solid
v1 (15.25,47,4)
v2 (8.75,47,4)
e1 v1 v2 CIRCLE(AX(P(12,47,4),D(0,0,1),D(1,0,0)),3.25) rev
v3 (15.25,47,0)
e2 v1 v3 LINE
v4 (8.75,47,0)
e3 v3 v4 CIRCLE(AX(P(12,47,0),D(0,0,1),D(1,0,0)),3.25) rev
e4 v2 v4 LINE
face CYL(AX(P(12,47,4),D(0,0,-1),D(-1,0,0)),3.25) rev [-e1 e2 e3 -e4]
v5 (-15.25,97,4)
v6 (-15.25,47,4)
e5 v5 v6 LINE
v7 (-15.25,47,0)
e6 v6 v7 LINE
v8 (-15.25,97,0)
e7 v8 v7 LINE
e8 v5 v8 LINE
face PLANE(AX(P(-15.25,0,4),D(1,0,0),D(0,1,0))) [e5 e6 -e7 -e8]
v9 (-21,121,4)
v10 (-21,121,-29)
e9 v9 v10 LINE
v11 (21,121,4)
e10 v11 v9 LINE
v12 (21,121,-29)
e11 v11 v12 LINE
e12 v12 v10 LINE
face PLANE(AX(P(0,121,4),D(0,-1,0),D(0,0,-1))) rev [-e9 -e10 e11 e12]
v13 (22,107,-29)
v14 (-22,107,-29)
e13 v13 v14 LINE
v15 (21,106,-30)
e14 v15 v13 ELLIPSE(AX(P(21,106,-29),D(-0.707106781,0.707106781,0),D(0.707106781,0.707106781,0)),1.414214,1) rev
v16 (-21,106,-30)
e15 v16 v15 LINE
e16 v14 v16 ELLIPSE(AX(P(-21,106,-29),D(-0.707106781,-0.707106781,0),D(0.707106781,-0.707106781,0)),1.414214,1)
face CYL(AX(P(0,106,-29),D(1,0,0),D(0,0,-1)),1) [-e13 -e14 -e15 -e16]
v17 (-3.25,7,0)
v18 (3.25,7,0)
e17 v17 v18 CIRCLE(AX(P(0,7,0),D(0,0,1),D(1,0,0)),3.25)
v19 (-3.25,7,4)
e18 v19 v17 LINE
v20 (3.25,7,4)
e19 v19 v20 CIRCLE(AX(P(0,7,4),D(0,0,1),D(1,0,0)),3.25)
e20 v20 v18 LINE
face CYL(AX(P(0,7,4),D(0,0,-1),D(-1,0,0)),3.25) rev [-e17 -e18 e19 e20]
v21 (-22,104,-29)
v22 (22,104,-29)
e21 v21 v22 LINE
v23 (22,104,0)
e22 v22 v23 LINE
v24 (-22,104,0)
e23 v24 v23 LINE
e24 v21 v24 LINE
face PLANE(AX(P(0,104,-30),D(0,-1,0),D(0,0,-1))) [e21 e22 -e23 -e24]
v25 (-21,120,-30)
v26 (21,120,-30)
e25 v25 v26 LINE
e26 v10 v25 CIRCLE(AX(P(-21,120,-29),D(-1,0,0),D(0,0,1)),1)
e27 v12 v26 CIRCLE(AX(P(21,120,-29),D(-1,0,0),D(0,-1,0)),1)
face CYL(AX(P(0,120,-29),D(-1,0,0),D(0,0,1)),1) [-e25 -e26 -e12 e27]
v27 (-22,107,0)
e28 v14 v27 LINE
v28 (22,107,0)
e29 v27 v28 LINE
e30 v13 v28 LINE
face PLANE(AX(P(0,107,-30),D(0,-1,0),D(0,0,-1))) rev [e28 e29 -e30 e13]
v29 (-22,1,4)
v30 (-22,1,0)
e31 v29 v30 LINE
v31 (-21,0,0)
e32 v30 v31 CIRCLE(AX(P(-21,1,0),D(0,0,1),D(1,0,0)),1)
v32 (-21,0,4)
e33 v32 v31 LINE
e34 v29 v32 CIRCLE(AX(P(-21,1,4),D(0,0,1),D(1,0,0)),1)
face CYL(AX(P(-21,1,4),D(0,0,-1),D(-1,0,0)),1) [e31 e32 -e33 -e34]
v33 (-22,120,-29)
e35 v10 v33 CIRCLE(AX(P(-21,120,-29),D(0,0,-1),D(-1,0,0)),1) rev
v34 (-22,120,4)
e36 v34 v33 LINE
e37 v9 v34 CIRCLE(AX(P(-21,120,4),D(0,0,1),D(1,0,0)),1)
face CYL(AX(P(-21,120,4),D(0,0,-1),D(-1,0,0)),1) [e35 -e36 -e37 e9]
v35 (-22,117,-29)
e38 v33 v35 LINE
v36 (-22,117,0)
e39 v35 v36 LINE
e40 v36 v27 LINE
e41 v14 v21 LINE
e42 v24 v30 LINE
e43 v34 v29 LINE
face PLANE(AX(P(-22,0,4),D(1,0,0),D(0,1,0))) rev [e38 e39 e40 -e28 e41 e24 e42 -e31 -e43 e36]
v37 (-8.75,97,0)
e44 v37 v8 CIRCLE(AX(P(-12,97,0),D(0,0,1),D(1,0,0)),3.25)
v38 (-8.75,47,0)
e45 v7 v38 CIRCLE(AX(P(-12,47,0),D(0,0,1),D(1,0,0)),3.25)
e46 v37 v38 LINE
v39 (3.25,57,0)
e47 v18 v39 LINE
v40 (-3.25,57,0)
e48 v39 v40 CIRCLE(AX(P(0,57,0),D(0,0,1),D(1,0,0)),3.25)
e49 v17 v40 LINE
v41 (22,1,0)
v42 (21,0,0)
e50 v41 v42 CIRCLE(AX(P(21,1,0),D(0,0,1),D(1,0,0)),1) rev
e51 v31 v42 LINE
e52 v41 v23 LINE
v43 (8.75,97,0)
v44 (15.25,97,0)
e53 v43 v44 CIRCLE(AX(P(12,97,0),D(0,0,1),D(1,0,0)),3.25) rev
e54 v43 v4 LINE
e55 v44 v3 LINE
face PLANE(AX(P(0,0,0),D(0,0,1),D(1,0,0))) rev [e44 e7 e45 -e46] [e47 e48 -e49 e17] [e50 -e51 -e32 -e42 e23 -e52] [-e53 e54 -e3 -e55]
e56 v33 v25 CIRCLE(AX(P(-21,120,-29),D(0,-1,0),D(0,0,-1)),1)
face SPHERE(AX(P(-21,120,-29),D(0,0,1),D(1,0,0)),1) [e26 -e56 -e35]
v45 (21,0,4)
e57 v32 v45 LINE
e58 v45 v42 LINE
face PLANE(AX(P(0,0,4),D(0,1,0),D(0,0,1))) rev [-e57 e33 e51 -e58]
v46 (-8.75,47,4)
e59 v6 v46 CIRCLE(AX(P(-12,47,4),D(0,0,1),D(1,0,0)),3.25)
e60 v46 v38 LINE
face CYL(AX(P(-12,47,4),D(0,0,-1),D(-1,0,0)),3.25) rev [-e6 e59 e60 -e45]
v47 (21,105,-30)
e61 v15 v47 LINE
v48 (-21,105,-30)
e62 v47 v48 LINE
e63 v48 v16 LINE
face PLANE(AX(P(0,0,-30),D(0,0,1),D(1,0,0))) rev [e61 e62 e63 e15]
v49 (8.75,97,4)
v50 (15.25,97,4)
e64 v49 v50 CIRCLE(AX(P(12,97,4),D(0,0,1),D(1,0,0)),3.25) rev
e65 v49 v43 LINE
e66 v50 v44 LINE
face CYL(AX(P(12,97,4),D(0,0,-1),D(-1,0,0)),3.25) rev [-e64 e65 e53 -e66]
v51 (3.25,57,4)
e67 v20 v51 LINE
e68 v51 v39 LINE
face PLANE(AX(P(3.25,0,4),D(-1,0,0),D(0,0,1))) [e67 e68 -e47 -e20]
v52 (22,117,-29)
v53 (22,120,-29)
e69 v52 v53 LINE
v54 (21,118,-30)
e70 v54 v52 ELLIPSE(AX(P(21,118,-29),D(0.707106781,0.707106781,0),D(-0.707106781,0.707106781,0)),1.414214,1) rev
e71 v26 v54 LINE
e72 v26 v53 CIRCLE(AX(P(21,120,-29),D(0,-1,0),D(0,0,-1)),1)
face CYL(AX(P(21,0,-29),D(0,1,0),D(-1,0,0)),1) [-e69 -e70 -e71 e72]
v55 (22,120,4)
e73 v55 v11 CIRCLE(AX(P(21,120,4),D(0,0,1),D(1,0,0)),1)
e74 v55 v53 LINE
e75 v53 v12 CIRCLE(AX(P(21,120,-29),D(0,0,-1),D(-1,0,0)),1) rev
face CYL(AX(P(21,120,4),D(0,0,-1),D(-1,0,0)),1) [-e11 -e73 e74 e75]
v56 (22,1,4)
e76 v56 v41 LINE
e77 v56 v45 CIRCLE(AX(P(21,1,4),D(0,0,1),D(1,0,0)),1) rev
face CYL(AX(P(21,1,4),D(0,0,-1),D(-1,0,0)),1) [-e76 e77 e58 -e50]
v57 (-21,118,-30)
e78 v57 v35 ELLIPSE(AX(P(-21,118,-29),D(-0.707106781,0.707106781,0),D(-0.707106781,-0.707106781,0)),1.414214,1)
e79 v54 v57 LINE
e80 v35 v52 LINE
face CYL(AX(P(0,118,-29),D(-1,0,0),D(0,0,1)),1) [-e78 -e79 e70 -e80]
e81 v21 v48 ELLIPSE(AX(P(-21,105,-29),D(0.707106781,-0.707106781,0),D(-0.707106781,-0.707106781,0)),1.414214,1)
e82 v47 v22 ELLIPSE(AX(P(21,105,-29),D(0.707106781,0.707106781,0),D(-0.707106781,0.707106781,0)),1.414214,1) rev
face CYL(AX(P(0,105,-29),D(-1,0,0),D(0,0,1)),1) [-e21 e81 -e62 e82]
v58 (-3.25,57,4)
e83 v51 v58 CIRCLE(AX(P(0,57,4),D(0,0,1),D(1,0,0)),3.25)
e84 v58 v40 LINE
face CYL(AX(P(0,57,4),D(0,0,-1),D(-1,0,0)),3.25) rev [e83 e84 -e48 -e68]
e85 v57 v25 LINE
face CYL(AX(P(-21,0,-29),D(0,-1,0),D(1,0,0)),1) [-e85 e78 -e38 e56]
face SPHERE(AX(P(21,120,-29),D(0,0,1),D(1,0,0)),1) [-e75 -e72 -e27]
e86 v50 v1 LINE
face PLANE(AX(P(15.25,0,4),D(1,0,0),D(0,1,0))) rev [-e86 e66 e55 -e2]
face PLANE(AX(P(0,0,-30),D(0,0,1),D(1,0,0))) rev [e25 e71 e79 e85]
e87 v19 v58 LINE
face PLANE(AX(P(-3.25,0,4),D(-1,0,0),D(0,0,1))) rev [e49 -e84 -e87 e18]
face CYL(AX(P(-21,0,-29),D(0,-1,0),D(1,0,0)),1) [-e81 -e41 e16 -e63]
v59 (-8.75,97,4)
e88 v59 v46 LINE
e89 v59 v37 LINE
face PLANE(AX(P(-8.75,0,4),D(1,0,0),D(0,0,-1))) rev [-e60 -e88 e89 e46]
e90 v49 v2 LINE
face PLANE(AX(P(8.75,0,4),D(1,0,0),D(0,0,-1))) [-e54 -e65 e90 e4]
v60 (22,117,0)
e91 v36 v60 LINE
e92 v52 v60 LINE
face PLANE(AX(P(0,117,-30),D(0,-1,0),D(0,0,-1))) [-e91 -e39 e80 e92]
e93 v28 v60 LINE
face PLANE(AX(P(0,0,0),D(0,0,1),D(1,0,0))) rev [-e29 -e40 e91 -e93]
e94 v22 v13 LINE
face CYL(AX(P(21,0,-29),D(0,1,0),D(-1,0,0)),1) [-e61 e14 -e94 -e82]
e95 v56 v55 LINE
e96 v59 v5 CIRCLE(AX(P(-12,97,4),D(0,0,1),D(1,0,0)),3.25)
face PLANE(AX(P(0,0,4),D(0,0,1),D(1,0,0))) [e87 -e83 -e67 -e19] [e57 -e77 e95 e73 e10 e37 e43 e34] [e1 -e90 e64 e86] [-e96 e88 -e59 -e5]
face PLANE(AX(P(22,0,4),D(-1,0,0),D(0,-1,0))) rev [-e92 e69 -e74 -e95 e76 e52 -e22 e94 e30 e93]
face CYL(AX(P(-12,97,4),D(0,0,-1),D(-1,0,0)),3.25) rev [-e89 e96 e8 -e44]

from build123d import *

# Parameters (mm, degrees)
EXTRUDE_1_DEPTH = 4
EXTRUDE_START   = -30
SKETCH_1_3_W    = 44
SKETCH_1_3_H    = 3
EXTRUDE_2_DEPTH = 30
FILLET_1_R      = 1


with BuildPart() as part:
    # 草图1 → 凸台-拉伸1 (new body)
    with BuildSketch(Plane.XY):
        with BuildLine():
            ThreePointArc((-22, 1), (-21.707106781, 0.292893219), (-21, 0))
            Line((-21, 0), (21, 0))
            ThreePointArc((21, 0), (21.707106781, 0.292893219), (22, 1))
            Line((22, 1), (22, 120))
            ThreePointArc((22, 120), (21.707106781, 120.707106781), (21, 121))
            Line((21, 121), (-21, 121))
            ThreePointArc((-21, 121), (-21.707106781, 120.707106781), (-22, 120))
            Line((-22, 120), (-22, 1))
        make_face()
        with BuildLine():
            ThreePointArc((3.25, 7), (0, 3.75), (-3.25, 7))
            Line((-3.25, 7), (-3.25, 57))
            ThreePointArc((-3.25, 57), (0, 60.25), (3.25, 57))
            Line((3.25, 57), (3.25, 7))
        make_face(mode=Mode.SUBTRACT)
        with BuildLine():
            ThreePointArc((-15.25, 97), (-12, 100.25), (-8.75, 97))
            Line((-8.75, 97), (-8.75, 47))
            ThreePointArc((-8.75, 47), (-12, 43.75), (-15.25, 47))
            Line((-15.25, 47), (-15.25, 97))
        make_face(mode=Mode.SUBTRACT)
        with BuildLine():
            Line((8.75, 47), (8.75, 97))
            ThreePointArc((8.75, 97), (12, 100.25), (15.25, 97))
            Line((15.25, 97), (15.25, 47))
            ThreePointArc((15.25, 47), (12, 43.75), (8.75, 47))
        make_face(mode=Mode.SUBTRACT)
    extrude(amount=EXTRUDE_1_DEPTH)

    # 草图1<3> → 凸台-拉伸2 (add)
    with BuildSketch(Plane.XY.offset(EXTRUDE_START)):
        with Locations((0, 105.5)):
            Rectangle(SKETCH_1_3_W, SKETCH_1_3_H)
        with BuildLine():
            Line((-22, 120), (-22, 117))
            Line((-22, 117), (22, 117))
            Line((22, 117), (22, 120))
            ThreePointArc((22, 120), (21.707106781, 120.707106781), (21, 121))
            Line((21, 121), (-21, 121))
            ThreePointArc((-21, 121), (-21.707106781, 120.707106781), (-22, 120))
        make_face()
    extrude(amount=EXTRUDE_2_DEPTH)

    # 圆角1
    fillet_1_edges = [part.edges().sort_by_distance(p)[0] for p in [
        (-22, 118.5, -30),
        (-21.707106781, 120.707106781, -30),
        (0, 121, -30),
        (21.707106781, 120.707106781, -30),
        (0, 104, -30),
        (0, 107, -30),
        (0, 117, -30),
        (22, 118.5, -30),
        (-22, 105.5, -30),
        (22, 105.5, -30),
    ]]
    fillet(fillet_1_edges, radius=FILLET_1_R)


solid = part.part
